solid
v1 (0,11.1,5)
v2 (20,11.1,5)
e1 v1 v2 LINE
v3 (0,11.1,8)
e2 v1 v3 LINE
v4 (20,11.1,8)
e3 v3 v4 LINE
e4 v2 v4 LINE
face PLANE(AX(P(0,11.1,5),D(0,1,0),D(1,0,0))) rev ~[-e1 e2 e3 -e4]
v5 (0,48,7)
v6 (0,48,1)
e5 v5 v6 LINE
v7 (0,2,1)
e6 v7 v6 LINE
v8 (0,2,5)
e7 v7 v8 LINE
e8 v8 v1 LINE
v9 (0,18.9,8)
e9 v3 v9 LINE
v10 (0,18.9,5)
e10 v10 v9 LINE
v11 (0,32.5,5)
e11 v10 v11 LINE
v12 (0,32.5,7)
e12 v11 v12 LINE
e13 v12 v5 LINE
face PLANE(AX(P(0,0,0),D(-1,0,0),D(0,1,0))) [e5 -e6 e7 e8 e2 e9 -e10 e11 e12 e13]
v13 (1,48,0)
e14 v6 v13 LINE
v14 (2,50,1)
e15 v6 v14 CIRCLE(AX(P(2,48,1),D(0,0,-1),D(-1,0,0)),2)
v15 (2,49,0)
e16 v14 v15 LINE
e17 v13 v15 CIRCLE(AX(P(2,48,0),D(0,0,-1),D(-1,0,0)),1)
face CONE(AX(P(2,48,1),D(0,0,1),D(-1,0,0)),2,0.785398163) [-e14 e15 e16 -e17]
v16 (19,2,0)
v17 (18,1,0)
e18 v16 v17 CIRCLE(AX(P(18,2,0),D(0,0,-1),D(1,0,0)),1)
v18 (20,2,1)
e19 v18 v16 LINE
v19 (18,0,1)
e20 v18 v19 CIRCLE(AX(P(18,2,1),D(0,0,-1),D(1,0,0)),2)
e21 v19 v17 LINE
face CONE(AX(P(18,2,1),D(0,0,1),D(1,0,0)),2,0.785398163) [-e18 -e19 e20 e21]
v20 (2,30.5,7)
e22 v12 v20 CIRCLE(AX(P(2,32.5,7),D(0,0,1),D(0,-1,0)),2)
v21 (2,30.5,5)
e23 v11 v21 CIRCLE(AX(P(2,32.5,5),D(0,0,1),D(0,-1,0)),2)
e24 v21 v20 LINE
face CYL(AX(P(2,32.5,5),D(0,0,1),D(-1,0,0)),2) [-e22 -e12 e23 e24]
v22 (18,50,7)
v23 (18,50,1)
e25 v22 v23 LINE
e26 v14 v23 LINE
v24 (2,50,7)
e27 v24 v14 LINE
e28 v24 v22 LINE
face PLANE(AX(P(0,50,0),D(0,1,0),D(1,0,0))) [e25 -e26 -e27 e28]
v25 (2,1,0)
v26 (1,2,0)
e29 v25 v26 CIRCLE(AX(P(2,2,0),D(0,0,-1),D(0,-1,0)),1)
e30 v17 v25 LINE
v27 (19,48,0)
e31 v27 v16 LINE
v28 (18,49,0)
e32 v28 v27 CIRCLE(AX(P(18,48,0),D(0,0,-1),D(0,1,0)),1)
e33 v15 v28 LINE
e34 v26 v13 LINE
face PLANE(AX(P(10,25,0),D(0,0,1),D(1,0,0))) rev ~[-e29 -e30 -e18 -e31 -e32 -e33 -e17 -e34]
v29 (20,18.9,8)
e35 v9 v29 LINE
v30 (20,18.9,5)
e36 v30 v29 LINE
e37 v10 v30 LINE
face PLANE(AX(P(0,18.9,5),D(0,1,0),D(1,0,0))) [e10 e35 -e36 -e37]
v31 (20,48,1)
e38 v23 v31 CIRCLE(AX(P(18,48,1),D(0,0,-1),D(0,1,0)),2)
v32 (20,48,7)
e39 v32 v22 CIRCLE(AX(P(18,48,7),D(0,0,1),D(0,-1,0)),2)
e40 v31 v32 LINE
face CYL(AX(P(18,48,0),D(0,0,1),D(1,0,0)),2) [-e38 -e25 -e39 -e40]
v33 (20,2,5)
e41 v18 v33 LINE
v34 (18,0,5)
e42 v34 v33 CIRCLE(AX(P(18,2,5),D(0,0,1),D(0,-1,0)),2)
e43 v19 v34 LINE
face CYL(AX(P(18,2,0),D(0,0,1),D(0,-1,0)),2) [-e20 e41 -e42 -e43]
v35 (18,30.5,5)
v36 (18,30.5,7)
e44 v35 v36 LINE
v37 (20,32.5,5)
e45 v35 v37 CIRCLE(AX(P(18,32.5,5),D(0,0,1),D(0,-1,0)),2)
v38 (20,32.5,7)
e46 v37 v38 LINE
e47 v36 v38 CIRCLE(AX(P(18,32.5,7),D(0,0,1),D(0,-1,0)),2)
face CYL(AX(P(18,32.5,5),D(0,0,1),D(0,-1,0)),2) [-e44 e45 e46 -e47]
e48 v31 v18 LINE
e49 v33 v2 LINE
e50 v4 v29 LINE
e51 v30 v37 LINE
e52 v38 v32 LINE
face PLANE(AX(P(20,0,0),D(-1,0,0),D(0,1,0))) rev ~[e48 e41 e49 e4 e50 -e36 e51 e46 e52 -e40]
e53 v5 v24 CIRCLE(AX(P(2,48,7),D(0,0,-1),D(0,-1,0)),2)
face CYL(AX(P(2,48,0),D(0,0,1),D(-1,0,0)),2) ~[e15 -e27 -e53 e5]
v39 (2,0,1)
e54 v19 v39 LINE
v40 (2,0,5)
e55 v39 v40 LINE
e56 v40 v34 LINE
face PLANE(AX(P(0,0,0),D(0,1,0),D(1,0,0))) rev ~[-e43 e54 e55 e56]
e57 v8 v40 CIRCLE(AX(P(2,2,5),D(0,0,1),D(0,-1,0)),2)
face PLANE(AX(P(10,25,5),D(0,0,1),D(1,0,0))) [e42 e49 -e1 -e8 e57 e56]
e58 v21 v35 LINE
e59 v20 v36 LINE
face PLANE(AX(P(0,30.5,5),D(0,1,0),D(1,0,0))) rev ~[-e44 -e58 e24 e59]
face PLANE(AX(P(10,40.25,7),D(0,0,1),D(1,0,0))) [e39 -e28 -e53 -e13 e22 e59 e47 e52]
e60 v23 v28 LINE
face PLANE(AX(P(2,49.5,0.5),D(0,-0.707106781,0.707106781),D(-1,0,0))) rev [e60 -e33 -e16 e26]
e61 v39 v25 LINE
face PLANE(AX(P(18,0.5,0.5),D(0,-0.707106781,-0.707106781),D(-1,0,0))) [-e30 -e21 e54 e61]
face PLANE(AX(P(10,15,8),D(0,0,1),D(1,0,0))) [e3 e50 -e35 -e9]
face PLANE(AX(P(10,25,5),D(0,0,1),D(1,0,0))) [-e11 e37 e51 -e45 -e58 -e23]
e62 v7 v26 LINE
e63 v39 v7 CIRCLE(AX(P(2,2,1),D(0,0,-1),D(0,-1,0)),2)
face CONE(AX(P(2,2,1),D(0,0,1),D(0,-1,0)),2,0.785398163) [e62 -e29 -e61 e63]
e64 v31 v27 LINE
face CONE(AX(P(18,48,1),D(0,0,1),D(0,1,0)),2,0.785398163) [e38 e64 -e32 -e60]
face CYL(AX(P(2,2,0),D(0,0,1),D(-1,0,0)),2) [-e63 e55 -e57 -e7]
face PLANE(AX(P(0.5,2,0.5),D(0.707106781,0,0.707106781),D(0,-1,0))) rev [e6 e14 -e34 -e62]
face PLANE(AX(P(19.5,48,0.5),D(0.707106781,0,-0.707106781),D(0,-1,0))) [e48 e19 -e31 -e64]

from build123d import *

# Parameters (mm, degrees)
BOX_W        = 20
BOX_H        = 50
BOX_DEPTH    = 5
FILLET_R     = 2
CHAMFER_SIZE = 1
BOX001_W     = 20
BOX001_H     = 7.8
BOX001_DEPTH = 3
BOX002_W     = 20
BOX002_H     = 19.5
BOX002_DEPTH = 2
FILLET001_R  = 2


with BuildPart() as chamfer_body:
    # Box → Box (new body)
    with BuildSketch(Plane.XY):
        with Locations((10, 25)):
            Rectangle(BOX_W, BOX_H)
    extrude(amount=BOX_DEPTH)

    # Fillet
    fillet_edges = [chamfer_body.edges().sort_by_distance(p)[0] for p in [
        (0, 0, 2.5),
        (0, 50, 2.5),
        (20, 0, 2.5),
        (20, 50, 2.5),
    ]]
    fillet(fillet_edges, radius=FILLET_R)

    # Chamfer
    chamfer_edges = [chamfer_body.edges().sort_by_distance(p)[0] for p in [
        (0, 25, 0),
        (0.585786, 0.585786, 0),
        (0.585786, 49.414214, 0),
        (10, 0, 0),
        (19.414214, 0.585786, 0),
        (20, 25, 0),
        (19.414214, 49.414214, 0),
        (10, 50, 0),
    ]]
    chamfer(chamfer_edges, length=CHAMFER_SIZE)


with BuildPart() as cube001:
    # Box001 → Box001 (new body)
    with BuildSketch(Plane(origin=(0, 11.1, 5), x_dir=(1, 0, 0), z_dir=(0, 0, 1))):
        with Locations((10, 3.9)):
            Rectangle(BOX001_W, BOX001_H)
    extrude(amount=BOX001_DEPTH)


with BuildPart() as fusion:
    # Box002 → Box002 (new body)
    with BuildSketch(Plane(origin=(0, 30.5, 5), x_dir=(1, 0, 0), z_dir=(0, 0, 1))):
        with Locations((10, 9.75)):
            Rectangle(BOX002_W, BOX002_H)
    extrude(amount=BOX002_DEPTH)

    # Fillet001
    fillet001_edges = [fusion.edges().sort_by_distance(p)[0] for p in [
        (0, 30.5, 6),
        (0, 50, 6),
        (20, 30.5, 6),
        (20, 50, 6),
    ]]
    fillet(fillet001_edges, radius=FILLET001_R)

    # Fusion: union Chamfer body, Cube001
    add(chamfer_body.part)
    add(cube001.part)


solid = fusion.part
